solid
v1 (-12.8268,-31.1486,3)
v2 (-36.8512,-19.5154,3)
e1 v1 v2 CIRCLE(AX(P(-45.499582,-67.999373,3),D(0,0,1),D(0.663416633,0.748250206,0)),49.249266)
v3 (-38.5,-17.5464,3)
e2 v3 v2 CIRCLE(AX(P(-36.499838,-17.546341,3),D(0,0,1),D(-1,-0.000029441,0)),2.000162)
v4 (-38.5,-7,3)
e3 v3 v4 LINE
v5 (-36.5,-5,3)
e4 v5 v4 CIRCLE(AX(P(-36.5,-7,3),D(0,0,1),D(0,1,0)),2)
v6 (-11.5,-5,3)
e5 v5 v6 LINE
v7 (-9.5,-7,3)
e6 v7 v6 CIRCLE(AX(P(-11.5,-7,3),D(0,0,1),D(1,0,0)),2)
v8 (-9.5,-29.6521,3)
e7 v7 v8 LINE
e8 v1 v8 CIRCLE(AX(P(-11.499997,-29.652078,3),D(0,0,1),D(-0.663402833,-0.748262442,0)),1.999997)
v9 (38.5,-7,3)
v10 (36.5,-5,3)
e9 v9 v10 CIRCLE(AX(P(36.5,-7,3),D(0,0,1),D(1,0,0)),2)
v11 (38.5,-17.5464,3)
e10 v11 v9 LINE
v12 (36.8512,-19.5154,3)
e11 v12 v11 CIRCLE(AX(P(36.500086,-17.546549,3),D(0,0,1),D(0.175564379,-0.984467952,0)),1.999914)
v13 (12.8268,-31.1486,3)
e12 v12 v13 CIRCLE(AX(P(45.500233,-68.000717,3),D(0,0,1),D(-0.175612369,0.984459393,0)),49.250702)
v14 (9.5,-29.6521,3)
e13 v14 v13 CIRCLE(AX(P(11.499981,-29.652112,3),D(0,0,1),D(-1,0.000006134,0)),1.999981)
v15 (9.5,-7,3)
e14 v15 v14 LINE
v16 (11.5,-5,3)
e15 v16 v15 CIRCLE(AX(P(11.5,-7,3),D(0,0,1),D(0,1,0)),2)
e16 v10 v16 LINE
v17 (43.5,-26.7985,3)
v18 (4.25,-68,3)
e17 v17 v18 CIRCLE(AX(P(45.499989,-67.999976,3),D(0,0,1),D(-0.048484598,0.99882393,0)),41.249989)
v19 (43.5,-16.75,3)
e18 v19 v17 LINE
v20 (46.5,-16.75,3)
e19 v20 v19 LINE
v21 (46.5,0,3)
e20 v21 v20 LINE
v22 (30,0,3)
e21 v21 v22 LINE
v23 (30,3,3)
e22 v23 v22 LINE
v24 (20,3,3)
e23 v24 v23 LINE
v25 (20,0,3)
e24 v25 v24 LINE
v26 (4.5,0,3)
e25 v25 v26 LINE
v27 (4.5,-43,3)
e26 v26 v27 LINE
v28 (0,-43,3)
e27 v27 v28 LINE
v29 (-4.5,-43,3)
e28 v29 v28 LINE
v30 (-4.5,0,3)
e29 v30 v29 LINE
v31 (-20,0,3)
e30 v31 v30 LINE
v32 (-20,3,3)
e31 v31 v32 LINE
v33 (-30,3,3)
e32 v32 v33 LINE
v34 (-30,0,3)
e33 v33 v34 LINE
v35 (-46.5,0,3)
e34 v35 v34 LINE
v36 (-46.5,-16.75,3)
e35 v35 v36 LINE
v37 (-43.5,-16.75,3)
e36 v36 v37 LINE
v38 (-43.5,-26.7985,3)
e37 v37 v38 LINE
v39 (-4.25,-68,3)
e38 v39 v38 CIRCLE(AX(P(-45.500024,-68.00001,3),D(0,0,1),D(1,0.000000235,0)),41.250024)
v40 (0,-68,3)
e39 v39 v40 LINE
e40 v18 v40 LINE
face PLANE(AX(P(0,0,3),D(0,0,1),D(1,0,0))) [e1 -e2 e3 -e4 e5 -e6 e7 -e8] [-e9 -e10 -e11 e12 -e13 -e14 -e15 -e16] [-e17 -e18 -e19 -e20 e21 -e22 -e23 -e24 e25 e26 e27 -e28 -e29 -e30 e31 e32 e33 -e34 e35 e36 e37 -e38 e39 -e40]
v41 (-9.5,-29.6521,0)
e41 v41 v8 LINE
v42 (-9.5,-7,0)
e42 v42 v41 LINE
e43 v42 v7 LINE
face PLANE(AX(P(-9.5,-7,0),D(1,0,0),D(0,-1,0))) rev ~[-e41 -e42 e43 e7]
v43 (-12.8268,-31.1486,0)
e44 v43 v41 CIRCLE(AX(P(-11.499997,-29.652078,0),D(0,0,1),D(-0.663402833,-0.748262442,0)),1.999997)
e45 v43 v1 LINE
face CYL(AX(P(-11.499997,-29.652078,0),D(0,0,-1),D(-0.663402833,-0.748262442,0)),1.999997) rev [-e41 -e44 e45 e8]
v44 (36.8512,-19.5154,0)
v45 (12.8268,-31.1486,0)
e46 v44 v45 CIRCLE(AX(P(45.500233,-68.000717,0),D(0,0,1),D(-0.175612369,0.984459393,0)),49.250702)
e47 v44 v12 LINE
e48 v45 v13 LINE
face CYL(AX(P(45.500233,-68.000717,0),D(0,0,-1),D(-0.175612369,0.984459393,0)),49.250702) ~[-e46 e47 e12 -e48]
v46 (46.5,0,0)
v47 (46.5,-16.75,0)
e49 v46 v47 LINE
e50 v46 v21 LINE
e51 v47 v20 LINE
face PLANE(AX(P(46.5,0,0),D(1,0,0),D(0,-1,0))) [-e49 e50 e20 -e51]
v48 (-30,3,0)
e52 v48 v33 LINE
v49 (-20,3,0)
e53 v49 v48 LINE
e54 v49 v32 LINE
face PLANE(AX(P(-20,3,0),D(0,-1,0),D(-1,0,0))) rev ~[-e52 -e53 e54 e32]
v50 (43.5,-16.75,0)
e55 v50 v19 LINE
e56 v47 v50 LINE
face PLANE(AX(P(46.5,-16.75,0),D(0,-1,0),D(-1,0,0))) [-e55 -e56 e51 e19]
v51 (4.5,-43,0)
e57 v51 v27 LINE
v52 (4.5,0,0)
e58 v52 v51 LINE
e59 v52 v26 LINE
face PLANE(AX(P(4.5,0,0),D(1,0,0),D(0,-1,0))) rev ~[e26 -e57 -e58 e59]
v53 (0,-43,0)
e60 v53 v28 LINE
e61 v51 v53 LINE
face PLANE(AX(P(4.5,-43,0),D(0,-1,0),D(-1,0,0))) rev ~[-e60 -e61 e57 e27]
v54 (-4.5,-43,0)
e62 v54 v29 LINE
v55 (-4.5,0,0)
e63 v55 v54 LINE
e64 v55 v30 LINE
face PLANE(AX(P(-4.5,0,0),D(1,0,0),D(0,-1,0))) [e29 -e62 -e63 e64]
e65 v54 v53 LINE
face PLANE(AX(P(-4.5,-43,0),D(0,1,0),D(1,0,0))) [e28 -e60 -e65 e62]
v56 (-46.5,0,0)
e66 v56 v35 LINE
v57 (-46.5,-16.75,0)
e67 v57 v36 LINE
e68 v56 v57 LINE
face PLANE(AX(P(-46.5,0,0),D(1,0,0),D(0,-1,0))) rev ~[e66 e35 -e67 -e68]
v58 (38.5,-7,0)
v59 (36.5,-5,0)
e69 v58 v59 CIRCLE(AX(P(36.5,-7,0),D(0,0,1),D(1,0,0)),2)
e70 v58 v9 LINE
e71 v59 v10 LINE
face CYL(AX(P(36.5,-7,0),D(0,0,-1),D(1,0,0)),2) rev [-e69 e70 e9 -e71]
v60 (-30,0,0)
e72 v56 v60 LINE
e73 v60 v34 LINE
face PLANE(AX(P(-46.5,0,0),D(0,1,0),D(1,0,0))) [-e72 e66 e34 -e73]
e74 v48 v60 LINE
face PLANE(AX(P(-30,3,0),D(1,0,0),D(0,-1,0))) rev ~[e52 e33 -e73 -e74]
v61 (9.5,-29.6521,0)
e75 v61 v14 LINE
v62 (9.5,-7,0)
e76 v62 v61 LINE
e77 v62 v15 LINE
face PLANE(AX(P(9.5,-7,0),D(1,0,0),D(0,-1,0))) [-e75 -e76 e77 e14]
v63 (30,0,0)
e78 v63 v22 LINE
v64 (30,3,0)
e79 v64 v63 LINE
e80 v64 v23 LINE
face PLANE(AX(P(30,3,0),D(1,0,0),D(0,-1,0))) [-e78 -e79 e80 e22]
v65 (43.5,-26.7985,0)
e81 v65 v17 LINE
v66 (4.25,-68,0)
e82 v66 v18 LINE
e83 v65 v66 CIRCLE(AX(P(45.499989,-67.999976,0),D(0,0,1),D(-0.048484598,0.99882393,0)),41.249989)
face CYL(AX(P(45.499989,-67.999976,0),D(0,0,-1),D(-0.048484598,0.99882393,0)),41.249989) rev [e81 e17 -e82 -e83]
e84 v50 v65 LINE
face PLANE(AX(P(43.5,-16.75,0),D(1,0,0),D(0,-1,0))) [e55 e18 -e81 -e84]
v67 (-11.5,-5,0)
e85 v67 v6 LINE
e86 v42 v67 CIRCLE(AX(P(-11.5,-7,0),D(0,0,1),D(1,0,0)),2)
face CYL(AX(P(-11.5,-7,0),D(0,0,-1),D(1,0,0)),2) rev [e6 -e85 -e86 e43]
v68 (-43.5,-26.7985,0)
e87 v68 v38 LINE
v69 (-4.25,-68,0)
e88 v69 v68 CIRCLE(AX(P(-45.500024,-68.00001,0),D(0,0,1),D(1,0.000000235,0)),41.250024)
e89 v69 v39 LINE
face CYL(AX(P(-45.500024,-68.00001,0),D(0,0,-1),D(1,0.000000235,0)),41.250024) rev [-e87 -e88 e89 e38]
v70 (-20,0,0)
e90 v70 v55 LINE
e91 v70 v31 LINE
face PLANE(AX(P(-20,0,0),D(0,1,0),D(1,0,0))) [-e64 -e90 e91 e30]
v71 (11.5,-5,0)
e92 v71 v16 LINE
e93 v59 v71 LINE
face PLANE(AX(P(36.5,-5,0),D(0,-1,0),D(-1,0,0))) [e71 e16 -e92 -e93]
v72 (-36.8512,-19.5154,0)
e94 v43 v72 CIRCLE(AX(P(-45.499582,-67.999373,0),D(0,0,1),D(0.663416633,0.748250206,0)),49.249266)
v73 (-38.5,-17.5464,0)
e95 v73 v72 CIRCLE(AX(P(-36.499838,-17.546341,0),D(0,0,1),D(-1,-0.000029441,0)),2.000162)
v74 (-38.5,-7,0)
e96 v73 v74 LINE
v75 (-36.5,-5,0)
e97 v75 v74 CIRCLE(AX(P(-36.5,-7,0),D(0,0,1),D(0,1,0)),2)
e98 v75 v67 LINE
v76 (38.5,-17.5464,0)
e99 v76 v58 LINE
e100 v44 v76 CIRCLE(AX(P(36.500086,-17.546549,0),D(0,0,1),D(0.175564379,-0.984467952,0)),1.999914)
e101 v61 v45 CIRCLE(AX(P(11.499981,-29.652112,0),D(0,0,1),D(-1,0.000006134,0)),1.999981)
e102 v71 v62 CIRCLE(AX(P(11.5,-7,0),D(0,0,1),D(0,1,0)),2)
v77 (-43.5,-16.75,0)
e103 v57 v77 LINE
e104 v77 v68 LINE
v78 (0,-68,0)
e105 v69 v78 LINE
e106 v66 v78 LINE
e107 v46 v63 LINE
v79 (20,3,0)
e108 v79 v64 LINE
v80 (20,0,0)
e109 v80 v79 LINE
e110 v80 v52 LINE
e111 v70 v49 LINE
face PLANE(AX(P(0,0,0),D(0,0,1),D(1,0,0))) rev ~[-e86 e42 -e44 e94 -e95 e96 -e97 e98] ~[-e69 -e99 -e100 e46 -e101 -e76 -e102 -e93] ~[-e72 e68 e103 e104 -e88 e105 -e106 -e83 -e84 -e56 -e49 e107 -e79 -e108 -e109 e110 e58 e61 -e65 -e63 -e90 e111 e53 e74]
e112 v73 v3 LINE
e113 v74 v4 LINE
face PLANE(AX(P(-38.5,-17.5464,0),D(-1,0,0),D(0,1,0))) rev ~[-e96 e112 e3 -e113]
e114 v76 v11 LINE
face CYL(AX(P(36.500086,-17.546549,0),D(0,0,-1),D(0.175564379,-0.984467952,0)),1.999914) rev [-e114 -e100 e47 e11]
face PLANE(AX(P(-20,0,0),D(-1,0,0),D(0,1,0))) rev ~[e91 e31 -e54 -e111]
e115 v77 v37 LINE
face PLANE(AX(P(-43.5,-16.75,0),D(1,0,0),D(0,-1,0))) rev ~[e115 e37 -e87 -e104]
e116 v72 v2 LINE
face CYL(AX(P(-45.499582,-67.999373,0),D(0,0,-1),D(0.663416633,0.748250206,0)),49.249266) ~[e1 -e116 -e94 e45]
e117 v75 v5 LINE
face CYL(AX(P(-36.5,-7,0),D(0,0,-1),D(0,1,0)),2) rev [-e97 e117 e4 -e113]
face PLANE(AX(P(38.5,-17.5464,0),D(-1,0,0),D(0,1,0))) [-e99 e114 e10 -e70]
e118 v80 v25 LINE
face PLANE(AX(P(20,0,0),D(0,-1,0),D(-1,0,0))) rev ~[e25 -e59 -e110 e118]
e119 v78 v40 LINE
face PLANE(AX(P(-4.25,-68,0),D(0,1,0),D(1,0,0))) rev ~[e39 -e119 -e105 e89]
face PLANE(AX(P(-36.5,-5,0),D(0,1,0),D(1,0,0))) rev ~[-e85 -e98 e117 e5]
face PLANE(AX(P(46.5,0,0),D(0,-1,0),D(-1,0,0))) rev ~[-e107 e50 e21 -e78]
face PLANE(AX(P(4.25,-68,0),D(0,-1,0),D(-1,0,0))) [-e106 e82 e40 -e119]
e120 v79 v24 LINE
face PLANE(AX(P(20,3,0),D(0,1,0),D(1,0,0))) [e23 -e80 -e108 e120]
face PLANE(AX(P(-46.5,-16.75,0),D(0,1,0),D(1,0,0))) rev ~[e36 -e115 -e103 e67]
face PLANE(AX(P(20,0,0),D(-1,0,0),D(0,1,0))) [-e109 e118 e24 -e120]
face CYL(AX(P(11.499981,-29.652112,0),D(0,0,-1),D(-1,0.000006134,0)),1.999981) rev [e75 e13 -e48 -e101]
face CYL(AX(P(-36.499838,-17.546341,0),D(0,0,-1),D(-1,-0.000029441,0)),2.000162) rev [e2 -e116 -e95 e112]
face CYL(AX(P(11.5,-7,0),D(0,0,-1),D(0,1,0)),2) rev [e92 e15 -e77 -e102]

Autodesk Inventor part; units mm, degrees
ref_plane "YZ Plane" through (0, 0, 0) normal (1, 0, 0) x (0, 1, 0)
ref_plane "XZ Plane" through (0, 0, 0) normal (0, 1, 0) x (-1, 0, 0)
ref_plane "XY Plane" through (0, 0, 0) normal (0, 0, 1) x (1, 0, 0)
sketch "Sketch1" plane through (0, 0, 0) normal (0, 0, 1) x (1, 0, 0)
  line L0 (-46.5, 0) -> (-46.5, -16.75)
  line L1 (-46.5, -16.75) -> (-43.5, -16.75)
  arc A0 (-4.25, -68) -> (-43.5, -26.7985) centre (-45.5, -68) ccw
  line L2 (-43.5, -16.75) -> (-43.5, -26.7985)
  line L3 (-4.5, 0) -> (-4.5, -43)
  line L4 (-4.5, -43) -> (0, -43)
  line L5 (-20, 0) -> (-20, 3)
  line L6 (-20, 3) -> (-30, 3)
  line L7 (-30, 3) -> (-30, 0)
  line L8 (-46.5, 0) -> (-30, 0)
  line L9 (-20, 0) -> (-4.5, 0)
  line L10 (-38.5, -17.5464) -> (-38.5, -7)
  line L11 (-36.5, -5) -> (-11.5, -5)
  line L12 (-9.5, -7) -> (-9.5, -29.6521)
  arc A1 (-12.8268, -31.1486) -> (-36.8512, -19.5154) centre (-45.5, -68) ccw
  arc A2 (-38.5, -17.5464) -> (-36.8512, -19.5154) centre (-36.5, -17.5464) ccw
  arc A3 (-36.5, -5) -> (-38.5, -7) centre (-36.5, -7) ccw
  arc A4 (-9.5, -7) -> (-11.5, -5) centre (-11.5, -7) ccw
  arc A5 (-12.8268, -31.1486) -> (-9.5, -29.6521) centre (-11.5, -29.6521) ccw
  line L13 (-4.25, -68) -> (0, -68)
  line L14 (46.5, 0) -> (46.5, -16.75)
  line L15 (46.5, -16.75) -> (43.5, -16.75)
  arc A6 (43.5, -26.7985) -> (4.25, -68) centre (45.5, -68) ccw
  line L16 (43.5, -16.75) -> (43.5, -26.7985)
  line L17 (4.5, 0) -> (4.5, -43)
  line L18 (4.5, -43) -> (0, -43)
  line L19 (20, 0) -> (20, 3)
  line L20 (20, 3) -> (30, 3)
  line L21 (30, 3) -> (30, 0)
  line L22 (46.5, 0) -> (30, 0)
  line L23 (20, 0) -> (4.5, 0)
  line L24 (38.5, -17.5464) -> (38.5, -7)
  line L25 (36.5, -5) -> (11.5, -5)
  line L26 (9.5, -7) -> (9.5, -29.6521)
  arc A7 (36.8512, -19.5154) -> (12.8268, -31.1486) centre (45.5, -68) ccw
  arc A8 (36.8512, -19.5154) -> (38.5, -17.5464) centre (36.5, -17.5464) ccw
  arc A9 (38.5, -7) -> (36.5, -5) centre (36.5, -7) ccw
  arc A10 (11.5, -5) -> (9.5, -7) centre (11.5, -7) ccw
  arc A11 (9.5, -29.6521) -> (12.8268, -31.1486) centre (11.5, -29.6521) ccw
  line L27 (4.25, -68) -> (0, -68)
  point P0 (0, 0)
  point P1 (-9.5, -34.391)
  point P2 (-38.5, -19.25)
  point P3 (9.5, -34.391)
  point P4 (38.5, -19.25)
  dimension "d1" = 46.5
  dimension "d3" = 3
  dimension "d5" = 82.5
  dimension "d7" = 45.5
  dimension "d10" = 10
  dimension "d24" = 10
  dimension "d25" = 20
  dimension "d32" = 8
  dimension "d33" = 5
  dimension "d36" = 15.5
  dimension "d37" = 16.5
  dimension "d38" = 16.75
  dimension "d39" = 5
  dimension "d40" = 2
  dimension "d45" = 8
  dimension "d49" = 68
  dimension "d50" = 25
extrude "Extrusion6" add sketch "Sketch1" along normal blind 3
properties part number "OpenROV 2_3 Dev Ducting Brace"
